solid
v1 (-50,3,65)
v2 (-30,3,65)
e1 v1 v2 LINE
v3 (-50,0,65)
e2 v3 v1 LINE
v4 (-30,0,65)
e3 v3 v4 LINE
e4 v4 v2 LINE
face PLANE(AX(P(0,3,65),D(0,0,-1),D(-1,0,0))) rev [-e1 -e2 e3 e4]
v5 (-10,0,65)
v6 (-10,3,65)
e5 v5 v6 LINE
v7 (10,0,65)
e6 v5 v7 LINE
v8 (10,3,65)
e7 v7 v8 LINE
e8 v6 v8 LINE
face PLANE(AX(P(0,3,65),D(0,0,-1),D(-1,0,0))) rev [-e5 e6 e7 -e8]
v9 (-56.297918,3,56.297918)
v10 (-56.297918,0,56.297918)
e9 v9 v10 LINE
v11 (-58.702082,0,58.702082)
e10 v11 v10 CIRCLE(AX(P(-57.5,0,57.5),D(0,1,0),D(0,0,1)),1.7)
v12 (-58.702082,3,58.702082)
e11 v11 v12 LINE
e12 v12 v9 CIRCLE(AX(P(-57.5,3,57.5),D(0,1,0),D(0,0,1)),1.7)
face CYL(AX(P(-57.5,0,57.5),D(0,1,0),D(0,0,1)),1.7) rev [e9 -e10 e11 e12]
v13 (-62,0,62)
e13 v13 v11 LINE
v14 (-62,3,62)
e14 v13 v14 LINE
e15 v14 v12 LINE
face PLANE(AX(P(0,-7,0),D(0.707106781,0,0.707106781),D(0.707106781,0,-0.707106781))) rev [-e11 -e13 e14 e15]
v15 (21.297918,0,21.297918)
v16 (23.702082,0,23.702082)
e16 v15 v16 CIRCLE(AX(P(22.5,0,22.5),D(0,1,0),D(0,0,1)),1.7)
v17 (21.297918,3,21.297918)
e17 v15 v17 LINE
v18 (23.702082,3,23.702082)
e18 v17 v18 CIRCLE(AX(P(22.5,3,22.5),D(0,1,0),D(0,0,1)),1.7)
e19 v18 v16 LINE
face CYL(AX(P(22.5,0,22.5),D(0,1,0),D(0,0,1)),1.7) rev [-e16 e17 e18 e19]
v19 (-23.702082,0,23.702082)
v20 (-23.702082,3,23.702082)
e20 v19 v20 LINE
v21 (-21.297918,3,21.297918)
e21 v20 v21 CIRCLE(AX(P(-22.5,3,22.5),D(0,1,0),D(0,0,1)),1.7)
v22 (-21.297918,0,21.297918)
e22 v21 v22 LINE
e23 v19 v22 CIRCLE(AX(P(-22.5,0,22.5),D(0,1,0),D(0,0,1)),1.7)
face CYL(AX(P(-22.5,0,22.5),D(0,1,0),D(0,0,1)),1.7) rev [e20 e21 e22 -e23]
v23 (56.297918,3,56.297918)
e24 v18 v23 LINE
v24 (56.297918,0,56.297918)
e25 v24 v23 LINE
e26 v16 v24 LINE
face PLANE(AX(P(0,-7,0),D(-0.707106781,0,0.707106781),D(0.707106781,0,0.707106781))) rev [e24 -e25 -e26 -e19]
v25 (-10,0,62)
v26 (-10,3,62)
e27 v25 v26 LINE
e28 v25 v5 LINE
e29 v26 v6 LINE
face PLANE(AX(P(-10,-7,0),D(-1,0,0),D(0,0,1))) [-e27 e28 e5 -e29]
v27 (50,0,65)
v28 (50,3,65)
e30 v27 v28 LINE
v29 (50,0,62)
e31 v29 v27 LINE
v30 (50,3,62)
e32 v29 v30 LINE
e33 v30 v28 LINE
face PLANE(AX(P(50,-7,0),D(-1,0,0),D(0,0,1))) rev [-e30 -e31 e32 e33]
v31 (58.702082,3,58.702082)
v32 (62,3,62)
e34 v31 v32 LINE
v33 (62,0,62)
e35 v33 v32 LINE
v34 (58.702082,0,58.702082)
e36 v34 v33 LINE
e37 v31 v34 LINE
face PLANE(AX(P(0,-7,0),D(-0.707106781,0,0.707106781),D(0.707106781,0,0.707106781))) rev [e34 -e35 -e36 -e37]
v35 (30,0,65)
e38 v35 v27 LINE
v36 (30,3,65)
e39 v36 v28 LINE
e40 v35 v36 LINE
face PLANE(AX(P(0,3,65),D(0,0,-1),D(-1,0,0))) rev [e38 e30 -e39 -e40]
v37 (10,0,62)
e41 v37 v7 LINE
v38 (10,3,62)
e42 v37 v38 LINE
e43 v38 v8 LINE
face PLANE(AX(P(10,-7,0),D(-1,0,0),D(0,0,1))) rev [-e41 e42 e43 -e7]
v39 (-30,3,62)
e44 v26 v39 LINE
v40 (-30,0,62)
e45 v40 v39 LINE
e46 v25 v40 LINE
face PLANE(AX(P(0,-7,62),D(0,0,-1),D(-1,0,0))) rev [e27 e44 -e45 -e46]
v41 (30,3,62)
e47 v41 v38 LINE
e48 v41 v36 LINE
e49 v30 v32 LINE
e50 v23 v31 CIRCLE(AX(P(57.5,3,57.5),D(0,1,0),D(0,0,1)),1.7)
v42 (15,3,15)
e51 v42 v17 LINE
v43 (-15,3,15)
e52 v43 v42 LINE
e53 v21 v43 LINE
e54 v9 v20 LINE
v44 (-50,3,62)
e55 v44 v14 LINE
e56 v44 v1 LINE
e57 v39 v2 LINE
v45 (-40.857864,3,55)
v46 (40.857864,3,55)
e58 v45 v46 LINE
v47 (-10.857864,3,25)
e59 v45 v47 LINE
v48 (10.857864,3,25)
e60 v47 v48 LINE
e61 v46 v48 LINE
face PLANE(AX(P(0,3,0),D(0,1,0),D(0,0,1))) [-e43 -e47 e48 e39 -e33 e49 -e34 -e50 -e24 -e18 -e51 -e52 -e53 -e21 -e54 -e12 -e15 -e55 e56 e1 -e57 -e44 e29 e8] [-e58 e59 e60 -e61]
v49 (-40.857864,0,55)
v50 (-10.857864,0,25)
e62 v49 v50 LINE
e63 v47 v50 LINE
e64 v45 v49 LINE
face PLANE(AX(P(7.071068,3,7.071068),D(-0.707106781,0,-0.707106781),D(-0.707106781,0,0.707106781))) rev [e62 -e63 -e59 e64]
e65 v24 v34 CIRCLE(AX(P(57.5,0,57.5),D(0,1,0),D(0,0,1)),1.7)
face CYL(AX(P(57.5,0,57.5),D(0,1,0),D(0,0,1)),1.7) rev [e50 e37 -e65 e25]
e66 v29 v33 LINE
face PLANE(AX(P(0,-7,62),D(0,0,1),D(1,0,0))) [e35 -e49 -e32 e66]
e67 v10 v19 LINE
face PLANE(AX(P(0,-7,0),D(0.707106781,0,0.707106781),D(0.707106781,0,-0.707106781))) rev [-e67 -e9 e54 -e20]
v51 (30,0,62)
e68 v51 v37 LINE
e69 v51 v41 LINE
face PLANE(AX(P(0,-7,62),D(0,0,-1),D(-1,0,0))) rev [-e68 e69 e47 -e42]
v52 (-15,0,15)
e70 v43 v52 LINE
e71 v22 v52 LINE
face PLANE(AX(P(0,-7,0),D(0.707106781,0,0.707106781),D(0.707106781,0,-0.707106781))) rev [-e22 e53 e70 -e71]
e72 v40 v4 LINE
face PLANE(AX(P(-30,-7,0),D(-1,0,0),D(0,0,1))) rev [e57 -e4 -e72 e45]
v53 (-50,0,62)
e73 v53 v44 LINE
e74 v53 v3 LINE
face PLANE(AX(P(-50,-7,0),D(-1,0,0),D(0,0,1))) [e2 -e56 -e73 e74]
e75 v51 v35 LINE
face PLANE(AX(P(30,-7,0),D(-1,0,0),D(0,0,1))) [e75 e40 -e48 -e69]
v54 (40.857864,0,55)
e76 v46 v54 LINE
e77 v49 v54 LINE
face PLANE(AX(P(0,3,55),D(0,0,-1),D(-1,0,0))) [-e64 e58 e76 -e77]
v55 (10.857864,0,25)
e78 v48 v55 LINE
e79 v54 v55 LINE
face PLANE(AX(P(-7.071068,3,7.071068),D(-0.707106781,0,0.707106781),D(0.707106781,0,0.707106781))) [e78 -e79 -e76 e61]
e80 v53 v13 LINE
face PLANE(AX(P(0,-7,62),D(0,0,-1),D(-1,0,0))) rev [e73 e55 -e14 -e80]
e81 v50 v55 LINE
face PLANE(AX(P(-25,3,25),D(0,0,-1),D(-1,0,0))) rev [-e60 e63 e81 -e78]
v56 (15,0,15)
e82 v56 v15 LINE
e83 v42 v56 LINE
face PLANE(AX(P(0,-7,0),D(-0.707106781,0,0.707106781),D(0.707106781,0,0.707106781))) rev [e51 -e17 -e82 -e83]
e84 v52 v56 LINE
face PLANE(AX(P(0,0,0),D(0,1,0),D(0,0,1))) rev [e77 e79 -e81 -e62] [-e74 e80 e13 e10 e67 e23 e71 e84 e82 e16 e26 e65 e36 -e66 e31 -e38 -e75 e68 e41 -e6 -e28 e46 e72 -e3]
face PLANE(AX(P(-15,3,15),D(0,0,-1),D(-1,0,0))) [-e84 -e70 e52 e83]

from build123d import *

# Parameters (mm, degrees)
SKETCH1_W           = 130
SKETCH1_H           = 130
SKETCH1_W_2         = 30
SKETCH1_H_2         = 30
BOSS_EXTRUDE1_DEPTH = 3
CUT_EXTRUDE1_DEPTH  = 3
CUT_EXTRUDE2_DEPTH  = 3
CUT_EXTRUDE3_DEPTH  = 10
SKETCH6_W           = 20
SKETCH6_H           = 3
CUT_EXTRUDE4_DEPTH  = 10


with BuildPart() as part:
    # Sketch1 → Boss-Extrude1 (new body)
    with BuildSketch(Plane(origin=(0, 0, 0), x_dir=(1, 0, 0), z_dir=(0, 1, 0))):
        Rectangle(SKETCH1_W, SKETCH1_H)
        Polygon((-55, 40.857864376), (-25, 10.857864376), (-25, -10.857864376), (-55, -40.857864376), align=None, mode=Mode.SUBTRACT)
        Polygon((-40.857864376, -55), (-10.857864376, -25), (10.857864376, -25), (40.857864376, -55), align=None, mode=Mode.SUBTRACT)
        Polygon((55, -40.857864376), (25, -10.857864376), (25, 10.857864376), (55, 40.857864376), align=None, mode=Mode.SUBTRACT)
        Polygon((40.857864376, 55), (10.857864376, 25), (-10.857864376, 25), (-40.857864376, 55), align=None, mode=Mode.SUBTRACT)
        Rectangle(SKETCH1_W_2, SKETCH1_H_2, mode=Mode.SUBTRACT)
    extrude(amount=BOSS_EXTRUDE1_DEPTH)

    # Sketch2 → Cut-Extrude1 (cut)
    with BuildSketch(Plane(origin=(0, 3, 0), x_dir=(1, 0, 0), z_dir=(0, 1, 0))):
        with BuildLine():
            ThreePointArc((-55.8, 57.5), (-58.702081528, 58.702081528), (-57.5, 55.8))
            Line((-57.5, 55.8), (-57.5, 57.5))
            Line((-57.5, 57.5), (-55.8, 57.5))
        make_face()
        with BuildLine():
            Line((-57.5, 57.5), (-57.5, 55.8))
            ThreePointArc((-57.5, 55.8), (-56.297918472, 56.297918472), (-55.8, 57.5))
            Line((-55.8, 57.5), (-57.5, 57.5))
        make_face()
        with BuildLine():
            Line((-57.5, -55.8), (-57.5, -57.5))
            Line((-57.5, -57.5), (-55.8, -57.5))
            ThreePointArc((-55.8, -57.5), (-56.297918472, -56.297918472), (-57.5, -55.8))
        make_face()
        with BuildLine():
            Line((-55.8, -57.5), (-57.5, -57.5))
            Line((-57.5, -57.5), (-57.5, -55.8))
            ThreePointArc((-57.5, -55.8), (-58.702081528, -58.702081528), (-55.8, -57.5))
        make_face()
        with BuildLine():
            ThreePointArc((57.5, -55.8), (56.297918472, -56.297918472), (55.8, -57.5))
            Line((55.8, -57.5), (57.5, -57.5))
            Line((57.5, -57.5), (57.5, -55.8))
        make_face()
        with BuildLine():
            Line((57.5, -57.5), (55.8, -57.5))
            ThreePointArc((55.8, -57.5), (57.5, -59.2), (59.2, -57.5))
            ThreePointArc((59.2, -57.5), (58.702081528, -56.297918472), (57.5, -55.8))
            Line((57.5, -55.8), (57.5, -57.5))
        make_face()
        with BuildLine():
            ThreePointArc((55.8, 57.5), (56.297918472, 56.297918472), (57.5, 55.8))
            Line((57.5, 55.8), (57.5, 57.5))
            Line((57.5, 57.5), (55.8, 57.5))
        make_face()
        with BuildLine():
            Line((57.5, 57.5), (57.5, 55.8))
            ThreePointArc((57.5, 55.8), (58.702081528, 56.297918472), (59.2, 57.5))
            ThreePointArc((59.2, 57.5), (57.5, 59.2), (55.8, 57.5))
            Line((55.8, 57.5), (57.5, 57.5))
        make_face()
    extrude(amount=-CUT_EXTRUDE1_DEPTH, mode=Mode.SUBTRACT)

    # Sketch3 → Cut-Extrude2 (cut)
    with BuildSketch(Plane(origin=(0, 3, 0), x_dir=(1, 0, 0), z_dir=(0, 1, 0))):
        with BuildLine():
            Line((-22.5, -20.8), (-22.5, -22.5))
            Line((-22.5, -22.5), (-20.8, -22.5))
            ThreePointArc((-20.8, -22.5), (-21.297918472, -21.297918472), (-22.5, -20.8))
        make_face()
        with BuildLine():
            Line((-20.8, -22.5), (-22.5, -22.5))
            Line((-22.5, -22.5), (-22.5, -20.8))
            ThreePointArc((-22.5, -20.8), (-23.702081528, -23.702081528), (-20.8, -22.5))
        make_face()
        with BuildLine():
            ThreePointArc((-20.8, 22.5), (-23.702081528, 23.702081528), (-22.5, 20.8))
            Line((-22.5, 20.8), (-22.5, 22.5))
            Line((-22.5, 22.5), (-20.8, 22.5))
        make_face()
        with BuildLine():
            Line((-22.5, 22.5), (-22.5, 20.8))
            ThreePointArc((-22.5, 20.8), (-21.297918472, 21.297918472), (-20.8, 22.5))
            Line((-20.8, 22.5), (-22.5, 22.5))
        make_face()
        with BuildLine():
            ThreePointArc((22.5, -20.8), (21.297918472, -21.297918472), (20.8, -22.5))
            Line((20.8, -22.5), (22.5, -22.5))
            Line((22.5, -22.5), (22.5, -20.8))
        make_face()
        with BuildLine():
            Line((22.5, -22.5), (20.8, -22.5))
            ThreePointArc((20.8, -22.5), (22.5, -24.2), (24.2, -22.5))
            ThreePointArc((24.2, -22.5), (23.702081528, -21.297918472), (22.5, -20.8))
            Line((22.5, -20.8), (22.5, -22.5))
        make_face()
        with BuildLine():
            ThreePointArc((20.8, 22.5), (21.297918472, 21.297918472), (22.5, 20.8))
            Line((22.5, 20.8), (22.5, 22.5))
            Line((22.5, 22.5), (20.8, 22.5))
        make_face()
        with BuildLine():
            Line((22.5, 22.5), (22.5, 20.8))
            ThreePointArc((22.5, 20.8), (23.702081528, 21.297918472), (24.2, 22.5))
            ThreePointArc((24.2, 22.5), (22.5, 24.2), (20.8, 22.5))
            Line((20.8, 22.5), (22.5, 22.5))
        make_face()
    extrude(amount=-CUT_EXTRUDE2_DEPTH, mode=Mode.SUBTRACT)

    # Sketch4 → Cut-Extrude3 (cut)
    # profile 1 of 14: a face of its own
    with BuildSketch(Plane(origin=(0, 3, 0), x_dir=(1, 0, 0), z_dir=(0, 1, 0))):
        with BuildLine():
            Line((-65, 65), (-65, -65))
            Line((-65, -65), (-58.702081528, -58.702081528))
            ThreePointArc((-58.702081528, -58.702081528), (-58.702081528, -56.297918472), (-56.297918472, -56.297918472))
            Line((-56.297918472, -56.297918472), (-23.702081528, -23.702081528))
            ThreePointArc((-23.702081528, -23.702081528), (-23.702081528, -21.297918472), (-21.297918472, -21.297918472))
            Line((-21.297918472, -21.297918472), (-15, -15))
            Line((-15, -15), (-15, 15))
            Line((-15, 15), (-21.297918472, 21.297918472))
            ThreePointArc((-21.297918472, 21.297918472), (-23.702081528, 21.297918472), (-23.702081528, 23.702081528))
            Line((-23.702081528, 23.702081528), (-56.297918472, 56.297918472))
            ThreePointArc((-56.297918472, 56.297918472), (-58.702081528, 56.297918472), (-58.702081528, 58.702081528))
            Line((-58.702081528, 58.702081528), (-65, 65))
        make_face()
        Polygon((-55, -40.857864376), (-55, 40.857864376), (-25, 10.857864376), (-25, -10.857864376), align=None, mode=Mode.SUBTRACT)
    # profile 2 of 14: a face of its own
    with BuildSketch(Plane(origin=(0, 3, 0), x_dir=(1, 0, 0), z_dir=(0, 1, 0))):
        Polygon((-55, 40.857864376), (-25, 10.857864376), (-25, -10.857864376), (-55, -40.857864376), align=None)
    # profile 3 of 14: a face of its own
    with BuildSketch(Plane(origin=(0, 3, 0), x_dir=(1, 0, 0), z_dir=(0, 1, 0))):
        with BuildLine():
            Line((65, 65), (-65, 65))
            Line((-65, 65), (-58.702081528, 58.702081528))
            ThreePointArc((-58.702081528, 58.702081528), (-56.849438165, 59.070595205), (-55.8, 57.5))
            ThreePointArc((-55.8, 57.5), (-55.929404795, 56.849438165), (-56.297918472, 56.297918472))
            Line((-56.297918472, 56.297918472), (-23.702081528, 23.702081528))
            ThreePointArc((-23.702081528, 23.702081528), (-21.849438165, 24.070595205), (-20.8, 22.5))
            ThreePointArc((-20.8, 22.5), (-20.929404795, 21.849438165), (-21.297918472, 21.297918472))
            Line((-21.297918472, 21.297918472), (-15, 15))
            Line((-15, 15), (15, 15))
            Line((15, 15), (21.297918472, 21.297918472))
            ThreePointArc((21.297918472, 21.297918472), (21.297918472, 23.702081528), (23.702081528, 23.702081528))
            Line((23.702081528, 23.702081528), (56.297918472, 56.297918472))
            ThreePointArc((56.297918472, 56.297918472), (56.297918472, 58.702081528), (58.702081528, 58.702081528))
            Line((58.702081528, 58.702081528), (65, 65))
        make_face()
        Polygon((40.857864376, 55), (10.857864376, 25), (-10.857864376, 25), (-40.857864376, 55), align=None, mode=Mode.SUBTRACT)
    # profile 4 of 14: a face of its own
    with BuildSketch(Plane(origin=(0, 3, 0), x_dir=(1, 0, 0), z_dir=(0, 1, 0))):
        Polygon((10.857864376, 25), (-10.857864376, 25), (-40.857864376, 55), (40.857864376, 55), align=None)
    # profile 5 of 14: a face of its own
    with BuildSketch(Plane(origin=(0, 3, 0), x_dir=(1, 0, 0), z_dir=(0, 1, 0))):
        with BuildLine():
            Line((58.702081528, -58.702081528), (65, -65))
            Line((65, -65), (65, 65))
            Line((65, 65), (58.702081528, 58.702081528))
            ThreePointArc((58.702081528, 58.702081528), (59.070595205, 58.150561835), (59.2, 57.5))
            ThreePointArc((59.2, 57.5), (58.150561835, 55.929404795), (56.297918472, 56.297918472))
            Line((56.297918472, 56.297918472), (23.702081528, 23.702081528))
            ThreePointArc((23.702081528, 23.702081528), (24.070595205, 23.150561835), (24.2, 22.5))
            ThreePointArc((24.2, 22.5), (23.150561835, 20.929404795), (21.297918472, 21.297918472))
            Line((21.297918472, 21.297918472), (15, 15))
            Line((15, 15), (15, -15))
            Line((15, -15), (21.297918472, -21.297918472))
            ThreePointArc((21.297918472, -21.297918472), (23.150561835, -20.929404795), (24.2, -22.5))
            ThreePointArc((24.2, -22.5), (24.070595205, -23.150561835), (23.702081528, -23.702081528))
            Line((23.702081528, -23.702081528), (56.297918472, -56.297918472))
            ThreePointArc((56.297918472, -56.297918472), (58.150561835, -55.929404795), (59.2, -57.5))
            ThreePointArc((59.2, -57.5), (59.070595205, -58.150561835), (58.702081528, -58.702081528))
        make_face()
        Polygon((55, -40.857864376), (25, -10.857864376), (25, 10.857864376), (55, 40.857864376), align=None, mode=Mode.SUBTRACT)
    # profile 6 of 14: a face of its own
    with BuildSketch(Plane(origin=(0, 3, 0), x_dir=(1, 0, 0), z_dir=(0, 1, 0))):
        Polygon((25, -10.857864376), (25, 10.857864376), (55, 40.857864376), (55, -40.857864376), align=None)
    # profile 7 of 14: a face of its own
    with BuildSketch(Plane(origin=(0, 3, 0), x_dir=(1, 0, 0), z_dir=(0, 1, 0))):
        with BuildLine():
            ThreePointArc((-56.297918472, -56.297918472), (-58.702081528, -56.297918472), (-58.702081528, -58.702081528))
            Line((-58.702081528, -58.702081528), (-56.297918472, -56.297918472))
        make_face()
    # profile 8 of 14: a face of its own
    with BuildSketch(Plane(origin=(0, 3, 0), x_dir=(1, 0, 0), z_dir=(0, 1, 0))):
        with BuildLine():
            Line((-56.297918472, -56.297918472), (-58.702081528, -58.702081528))
            ThreePointArc((-58.702081528, -58.702081528), (-56.849438165, -59.070595205), (-55.8, -57.5))
            ThreePointArc((-55.8, -57.5), (-55.929404795, -56.849438165), (-56.297918472, -56.297918472))
        make_face()
    # profile 9 of 14: a face of its own
    with BuildSketch(Plane(origin=(0, 3, 0), x_dir=(1, 0, 0), z_dir=(0, 1, 0))):
        with BuildLine():
            ThreePointArc((-21.297918472, -21.297918472), (-23.702081528, -21.297918472), (-23.702081528, -23.702081528))
            Line((-23.702081528, -23.702081528), (-21.297918472, -21.297918472))
        make_face()
    # profile 10 of 14: a face of its own
    with BuildSketch(Plane(origin=(0, 3, 0), x_dir=(1, 0, 0), z_dir=(0, 1, 0))):
        with BuildLine():
            Line((-21.297918472, -21.297918472), (-23.702081528, -23.702081528))
            ThreePointArc((-23.702081528, -23.702081528), (-21.849438165, -24.070595205), (-20.8, -22.5))
            ThreePointArc((-20.8, -22.5), (-20.929404795, -21.849438165), (-21.297918472, -21.297918472))
        make_face()
    # profile 11 of 14: a face of its own
    with BuildSketch(Plane(origin=(0, 3, 0), x_dir=(1, 0, 0), z_dir=(0, 1, 0))):
        with BuildLine():
            ThreePointArc((21.297918472, -21.297918472), (21.297918472, -23.702081528), (23.702081528, -23.702081528))
            Line((23.702081528, -23.702081528), (21.297918472, -21.297918472))
        make_face()
    # profile 12 of 14: a face of its own
    with BuildSketch(Plane(origin=(0, 3, 0), x_dir=(1, 0, 0), z_dir=(0, 1, 0))):
        with BuildLine():
            Line((21.297918472, -21.297918472), (23.702081528, -23.702081528))
            ThreePointArc((23.702081528, -23.702081528), (24.070595205, -23.150561835), (24.2, -22.5))
            ThreePointArc((24.2, -22.5), (23.150561835, -20.929404795), (21.297918472, -21.297918472))
        make_face()
    # profile 13 of 14: a face of its own
    with BuildSketch(Plane(origin=(0, 3, 0), x_dir=(1, 0, 0), z_dir=(0, 1, 0))):
        with BuildLine():
            ThreePointArc((56.297918472, -56.297918472), (56.297918472, -58.702081528), (58.702081528, -58.702081528))
            Line((58.702081528, -58.702081528), (56.297918472, -56.297918472))
        make_face()
    # profile 14 of 14: a face of its own
    with BuildSketch(Plane(origin=(0, 3, 0), x_dir=(1, 0, 0), z_dir=(0, 1, 0))):
        with BuildLine():
            Line((56.297918472, -56.297918472), (58.702081528, -58.702081528))
            ThreePointArc((58.702081528, -58.702081528), (59.070595205, -58.150561835), (59.2, -57.5))
            ThreePointArc((59.2, -57.5), (58.150561835, -55.929404795), (56.297918472, -56.297918472))
        make_face()
    extrude(amount=-CUT_EXTRUDE3_DEPTH, mode=Mode.SUBTRACT)

    # Sketch6 → Cut-Extrude4 (cut)
    with BuildSketch(Plane(origin=(0, 3, 0), x_dir=(1, 0, 0), z_dir=(0, 1, 0))):
        Polygon((-62, -62), (-65, -65), (-50, -65), (-50, -62), align=None)
        with Locations((-20, -63.5)):
            Rectangle(SKETCH6_W, SKETCH6_H)
        with Locations((20, -63.5)):
            Rectangle(SKETCH6_W, SKETCH6_H)
        Polygon((50, -62), (50, -65), (65, -65), (62, -62), align=None)
    extrude(amount=-CUT_EXTRUDE4_DEPTH, mode=Mode.SUBTRACT)


solid = part.part
